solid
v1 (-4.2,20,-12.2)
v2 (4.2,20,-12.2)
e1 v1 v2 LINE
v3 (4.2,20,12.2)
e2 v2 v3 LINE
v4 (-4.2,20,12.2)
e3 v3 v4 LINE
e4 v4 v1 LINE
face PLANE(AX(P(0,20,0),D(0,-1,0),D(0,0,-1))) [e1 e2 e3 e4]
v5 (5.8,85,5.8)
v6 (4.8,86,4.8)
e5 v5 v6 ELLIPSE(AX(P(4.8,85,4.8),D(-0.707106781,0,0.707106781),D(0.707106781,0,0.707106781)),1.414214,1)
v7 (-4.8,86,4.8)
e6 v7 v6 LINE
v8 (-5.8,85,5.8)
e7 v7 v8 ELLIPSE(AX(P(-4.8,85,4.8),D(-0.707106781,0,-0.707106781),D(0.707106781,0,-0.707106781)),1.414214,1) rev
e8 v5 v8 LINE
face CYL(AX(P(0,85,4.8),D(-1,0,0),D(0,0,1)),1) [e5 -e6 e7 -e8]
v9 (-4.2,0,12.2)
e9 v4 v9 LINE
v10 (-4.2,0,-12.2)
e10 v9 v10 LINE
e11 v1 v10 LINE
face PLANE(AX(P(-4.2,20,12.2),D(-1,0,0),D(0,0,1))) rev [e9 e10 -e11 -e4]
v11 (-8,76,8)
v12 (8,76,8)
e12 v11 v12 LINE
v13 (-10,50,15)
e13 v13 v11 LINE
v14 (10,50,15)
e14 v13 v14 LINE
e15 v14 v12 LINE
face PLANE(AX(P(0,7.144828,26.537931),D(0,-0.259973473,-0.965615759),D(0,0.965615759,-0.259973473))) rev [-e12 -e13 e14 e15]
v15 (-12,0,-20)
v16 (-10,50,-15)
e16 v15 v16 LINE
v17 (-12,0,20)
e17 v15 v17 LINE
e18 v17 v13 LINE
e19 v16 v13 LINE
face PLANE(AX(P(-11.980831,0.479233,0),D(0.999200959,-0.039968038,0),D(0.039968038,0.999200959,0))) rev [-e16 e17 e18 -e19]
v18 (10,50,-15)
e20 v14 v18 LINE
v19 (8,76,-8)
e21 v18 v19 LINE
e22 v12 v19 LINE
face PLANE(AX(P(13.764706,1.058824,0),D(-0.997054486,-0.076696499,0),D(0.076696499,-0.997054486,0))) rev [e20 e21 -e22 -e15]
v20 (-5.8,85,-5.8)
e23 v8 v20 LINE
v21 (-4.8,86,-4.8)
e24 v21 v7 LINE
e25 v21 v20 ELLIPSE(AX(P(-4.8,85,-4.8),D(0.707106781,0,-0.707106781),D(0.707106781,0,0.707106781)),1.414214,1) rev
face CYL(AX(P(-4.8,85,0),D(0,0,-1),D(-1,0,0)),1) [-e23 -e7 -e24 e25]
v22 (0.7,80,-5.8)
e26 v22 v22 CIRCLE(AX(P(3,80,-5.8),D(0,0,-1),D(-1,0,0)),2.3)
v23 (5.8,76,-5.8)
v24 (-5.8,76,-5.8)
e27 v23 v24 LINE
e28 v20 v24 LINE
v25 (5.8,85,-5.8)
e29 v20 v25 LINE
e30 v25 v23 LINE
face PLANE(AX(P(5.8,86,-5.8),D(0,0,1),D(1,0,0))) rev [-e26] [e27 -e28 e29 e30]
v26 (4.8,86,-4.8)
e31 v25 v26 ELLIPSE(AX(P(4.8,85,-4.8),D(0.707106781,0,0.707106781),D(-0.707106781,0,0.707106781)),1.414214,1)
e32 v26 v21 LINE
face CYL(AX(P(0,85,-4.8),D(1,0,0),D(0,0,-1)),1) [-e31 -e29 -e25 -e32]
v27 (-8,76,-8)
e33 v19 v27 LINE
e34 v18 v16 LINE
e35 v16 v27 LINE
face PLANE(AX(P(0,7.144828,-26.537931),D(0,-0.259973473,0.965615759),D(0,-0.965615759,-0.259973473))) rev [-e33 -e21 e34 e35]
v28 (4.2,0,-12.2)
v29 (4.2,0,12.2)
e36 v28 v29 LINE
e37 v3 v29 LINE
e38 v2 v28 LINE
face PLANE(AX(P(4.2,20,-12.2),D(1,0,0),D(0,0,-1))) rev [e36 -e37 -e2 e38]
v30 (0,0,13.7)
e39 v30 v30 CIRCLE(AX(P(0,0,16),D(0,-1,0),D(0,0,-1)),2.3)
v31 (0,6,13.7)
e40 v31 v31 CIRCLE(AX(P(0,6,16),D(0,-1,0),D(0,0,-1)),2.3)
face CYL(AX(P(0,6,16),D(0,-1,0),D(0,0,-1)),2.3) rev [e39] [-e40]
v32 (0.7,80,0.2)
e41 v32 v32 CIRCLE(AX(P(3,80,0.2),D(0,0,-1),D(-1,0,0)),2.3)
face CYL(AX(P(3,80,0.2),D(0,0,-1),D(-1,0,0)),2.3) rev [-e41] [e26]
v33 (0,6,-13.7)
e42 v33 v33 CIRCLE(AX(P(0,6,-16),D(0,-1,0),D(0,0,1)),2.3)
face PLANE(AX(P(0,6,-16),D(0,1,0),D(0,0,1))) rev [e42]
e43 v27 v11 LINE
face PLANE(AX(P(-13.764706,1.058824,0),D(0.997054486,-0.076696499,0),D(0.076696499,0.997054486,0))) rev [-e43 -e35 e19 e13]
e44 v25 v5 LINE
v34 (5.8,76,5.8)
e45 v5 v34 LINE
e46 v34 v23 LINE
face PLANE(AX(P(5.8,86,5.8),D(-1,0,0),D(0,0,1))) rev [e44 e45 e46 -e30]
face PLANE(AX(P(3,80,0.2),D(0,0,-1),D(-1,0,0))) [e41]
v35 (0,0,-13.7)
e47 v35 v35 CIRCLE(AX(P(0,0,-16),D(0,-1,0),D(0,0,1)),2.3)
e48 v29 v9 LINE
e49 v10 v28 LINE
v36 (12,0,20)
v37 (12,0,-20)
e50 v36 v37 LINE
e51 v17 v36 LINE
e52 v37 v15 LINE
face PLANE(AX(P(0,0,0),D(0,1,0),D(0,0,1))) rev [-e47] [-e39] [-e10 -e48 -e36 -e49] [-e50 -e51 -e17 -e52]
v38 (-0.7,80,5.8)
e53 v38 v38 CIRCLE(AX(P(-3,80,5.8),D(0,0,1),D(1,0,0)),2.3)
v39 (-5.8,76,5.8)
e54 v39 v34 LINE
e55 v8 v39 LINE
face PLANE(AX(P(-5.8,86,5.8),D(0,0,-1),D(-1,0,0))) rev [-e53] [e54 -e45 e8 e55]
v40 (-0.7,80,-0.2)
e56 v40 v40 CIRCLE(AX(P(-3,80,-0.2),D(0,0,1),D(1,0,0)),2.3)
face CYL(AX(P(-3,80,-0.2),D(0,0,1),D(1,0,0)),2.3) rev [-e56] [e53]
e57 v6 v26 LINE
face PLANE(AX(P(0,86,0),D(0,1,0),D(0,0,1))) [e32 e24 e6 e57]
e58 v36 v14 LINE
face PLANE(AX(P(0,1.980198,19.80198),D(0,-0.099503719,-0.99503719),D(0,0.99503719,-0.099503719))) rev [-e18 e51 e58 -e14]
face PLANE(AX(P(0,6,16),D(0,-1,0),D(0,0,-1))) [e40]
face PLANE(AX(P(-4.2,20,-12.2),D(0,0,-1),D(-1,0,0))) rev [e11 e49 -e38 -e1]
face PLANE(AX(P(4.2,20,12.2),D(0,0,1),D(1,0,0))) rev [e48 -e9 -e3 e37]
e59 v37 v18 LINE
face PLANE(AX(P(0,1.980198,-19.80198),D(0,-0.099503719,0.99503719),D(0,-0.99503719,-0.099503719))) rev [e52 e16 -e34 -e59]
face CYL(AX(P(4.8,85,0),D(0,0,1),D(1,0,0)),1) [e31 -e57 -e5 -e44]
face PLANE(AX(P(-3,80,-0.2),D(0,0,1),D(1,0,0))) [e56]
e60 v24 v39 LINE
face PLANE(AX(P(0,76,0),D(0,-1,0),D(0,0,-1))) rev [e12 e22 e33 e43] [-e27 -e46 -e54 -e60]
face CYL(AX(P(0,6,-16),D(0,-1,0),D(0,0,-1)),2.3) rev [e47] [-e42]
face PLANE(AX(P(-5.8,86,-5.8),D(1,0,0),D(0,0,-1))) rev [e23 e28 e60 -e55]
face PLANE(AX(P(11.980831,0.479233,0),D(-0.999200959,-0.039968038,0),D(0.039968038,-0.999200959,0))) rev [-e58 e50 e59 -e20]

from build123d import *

# Parameters (mm, degrees)
SKETCH1_W           = 24
SKETCH1_H           = 40
SKETCH2_W           = 20
SKETCH2_H           = 30
SKETCH3_W           = 20
SKETCH3_H           = 30
SKETCH4_W           = 16
SKETCH4_H           = 16
SKETCH5_W           = 11.6
SKETCH5_H           = 11.6
BOSS_EXTRUDE1_DEPTH = 10
SKETCH6_R           = 2.3
CUT_EXTRUDE1_DEPTH  = 6
SKETCH7_R           = 2.3
CUT_EXTRUDE2_DEPTH  = 6
FILLET1_R           = 1
SKETCH8_W           = 8.4
SKETCH8_H           = 24.4
CUT_EXTRUDE3_DEPTH  = 20
SKETCH9_R           = 2.3
CUT_EXTRUDE4_DEPTH  = 6


with BuildPart() as part:
    # Sketch1 → Loft1 section 0
    with BuildSketch(Plane(origin=(0, 0, 0), x_dir=(1, 0, 0), z_dir=(0, 1, 0))):
        Rectangle(SKETCH1_W, SKETCH1_H)
    # Sketch2 → Loft1 section 1
    with BuildSketch(Plane(origin=(0, 50, 0), x_dir=(1, 0, 0), z_dir=(0, 1, 0))):
        Rectangle(SKETCH2_W, SKETCH2_H)
    loft()

    # Sketch3 → Loft2 section 0
    with BuildSketch(Plane(origin=(0, 50, 0), x_dir=(1, 0, 0), z_dir=(0, 1, 0))):
        Rectangle(SKETCH3_W, SKETCH3_H)
    # Sketch4 → Loft2 section 1
    with BuildSketch(Plane(origin=(0, 76, 0), x_dir=(1, 0, 0), z_dir=(0, 1, 0))):
        Rectangle(SKETCH4_W, SKETCH4_H)
    loft()

    # Sketch5 → Boss-Extrude1 (add)
    with BuildSketch(Plane(origin=(0, 76, 0), x_dir=(1, 0, 0), z_dir=(0, 1, 0))):
        Rectangle(SKETCH5_W, SKETCH5_H)
    extrude(amount=BOSS_EXTRUDE1_DEPTH)

    # Sketch6 → Cut-Extrude1 (cut)
    with BuildSketch(Plane.XY.offset(5.8)):
        with Locations((-3, 80)):
            Circle(SKETCH6_R)
    extrude(amount=-CUT_EXTRUDE1_DEPTH, mode=Mode.SUBTRACT)

    # Sketch7 → Cut-Extrude2 (cut)
    with BuildSketch(Plane(origin=(0, 0, -5.8), x_dir=(-1, 0, 0), z_dir=(0, 0, -1))):
        with Locations((-3, 80)):
            Circle(SKETCH7_R)
    extrude(amount=-CUT_EXTRUDE2_DEPTH, mode=Mode.SUBTRACT)

    # Fillet1
    fillet1_edges = [part.edges().sort_by_distance(p)[0] for p in [
        (0, 86, 5.8),
        (5.8, 86, 0),
        (0, 86, -5.8),
        (-5.8, 86, 0),
    ]]
    fillet(fillet1_edges, radius=FILLET1_R)

    # Sketch8 → Cut-Extrude3 (cut)
    with BuildSketch(Plane.XZ):
        Rectangle(SKETCH8_W, SKETCH8_H)
    extrude(amount=-CUT_EXTRUDE3_DEPTH, mode=Mode.SUBTRACT)

    # Sketch9 → Cut-Extrude4 (cut)
    with BuildSketch(Plane.XZ):
        with Locations((0, 16)):
            Circle(SKETCH9_R)
        with Locations((0, -16)):
            Circle(SKETCH9_R)
    extrude(amount=-CUT_EXTRUDE4_DEPTH, mode=Mode.SUBTRACT)


solid = part.part
